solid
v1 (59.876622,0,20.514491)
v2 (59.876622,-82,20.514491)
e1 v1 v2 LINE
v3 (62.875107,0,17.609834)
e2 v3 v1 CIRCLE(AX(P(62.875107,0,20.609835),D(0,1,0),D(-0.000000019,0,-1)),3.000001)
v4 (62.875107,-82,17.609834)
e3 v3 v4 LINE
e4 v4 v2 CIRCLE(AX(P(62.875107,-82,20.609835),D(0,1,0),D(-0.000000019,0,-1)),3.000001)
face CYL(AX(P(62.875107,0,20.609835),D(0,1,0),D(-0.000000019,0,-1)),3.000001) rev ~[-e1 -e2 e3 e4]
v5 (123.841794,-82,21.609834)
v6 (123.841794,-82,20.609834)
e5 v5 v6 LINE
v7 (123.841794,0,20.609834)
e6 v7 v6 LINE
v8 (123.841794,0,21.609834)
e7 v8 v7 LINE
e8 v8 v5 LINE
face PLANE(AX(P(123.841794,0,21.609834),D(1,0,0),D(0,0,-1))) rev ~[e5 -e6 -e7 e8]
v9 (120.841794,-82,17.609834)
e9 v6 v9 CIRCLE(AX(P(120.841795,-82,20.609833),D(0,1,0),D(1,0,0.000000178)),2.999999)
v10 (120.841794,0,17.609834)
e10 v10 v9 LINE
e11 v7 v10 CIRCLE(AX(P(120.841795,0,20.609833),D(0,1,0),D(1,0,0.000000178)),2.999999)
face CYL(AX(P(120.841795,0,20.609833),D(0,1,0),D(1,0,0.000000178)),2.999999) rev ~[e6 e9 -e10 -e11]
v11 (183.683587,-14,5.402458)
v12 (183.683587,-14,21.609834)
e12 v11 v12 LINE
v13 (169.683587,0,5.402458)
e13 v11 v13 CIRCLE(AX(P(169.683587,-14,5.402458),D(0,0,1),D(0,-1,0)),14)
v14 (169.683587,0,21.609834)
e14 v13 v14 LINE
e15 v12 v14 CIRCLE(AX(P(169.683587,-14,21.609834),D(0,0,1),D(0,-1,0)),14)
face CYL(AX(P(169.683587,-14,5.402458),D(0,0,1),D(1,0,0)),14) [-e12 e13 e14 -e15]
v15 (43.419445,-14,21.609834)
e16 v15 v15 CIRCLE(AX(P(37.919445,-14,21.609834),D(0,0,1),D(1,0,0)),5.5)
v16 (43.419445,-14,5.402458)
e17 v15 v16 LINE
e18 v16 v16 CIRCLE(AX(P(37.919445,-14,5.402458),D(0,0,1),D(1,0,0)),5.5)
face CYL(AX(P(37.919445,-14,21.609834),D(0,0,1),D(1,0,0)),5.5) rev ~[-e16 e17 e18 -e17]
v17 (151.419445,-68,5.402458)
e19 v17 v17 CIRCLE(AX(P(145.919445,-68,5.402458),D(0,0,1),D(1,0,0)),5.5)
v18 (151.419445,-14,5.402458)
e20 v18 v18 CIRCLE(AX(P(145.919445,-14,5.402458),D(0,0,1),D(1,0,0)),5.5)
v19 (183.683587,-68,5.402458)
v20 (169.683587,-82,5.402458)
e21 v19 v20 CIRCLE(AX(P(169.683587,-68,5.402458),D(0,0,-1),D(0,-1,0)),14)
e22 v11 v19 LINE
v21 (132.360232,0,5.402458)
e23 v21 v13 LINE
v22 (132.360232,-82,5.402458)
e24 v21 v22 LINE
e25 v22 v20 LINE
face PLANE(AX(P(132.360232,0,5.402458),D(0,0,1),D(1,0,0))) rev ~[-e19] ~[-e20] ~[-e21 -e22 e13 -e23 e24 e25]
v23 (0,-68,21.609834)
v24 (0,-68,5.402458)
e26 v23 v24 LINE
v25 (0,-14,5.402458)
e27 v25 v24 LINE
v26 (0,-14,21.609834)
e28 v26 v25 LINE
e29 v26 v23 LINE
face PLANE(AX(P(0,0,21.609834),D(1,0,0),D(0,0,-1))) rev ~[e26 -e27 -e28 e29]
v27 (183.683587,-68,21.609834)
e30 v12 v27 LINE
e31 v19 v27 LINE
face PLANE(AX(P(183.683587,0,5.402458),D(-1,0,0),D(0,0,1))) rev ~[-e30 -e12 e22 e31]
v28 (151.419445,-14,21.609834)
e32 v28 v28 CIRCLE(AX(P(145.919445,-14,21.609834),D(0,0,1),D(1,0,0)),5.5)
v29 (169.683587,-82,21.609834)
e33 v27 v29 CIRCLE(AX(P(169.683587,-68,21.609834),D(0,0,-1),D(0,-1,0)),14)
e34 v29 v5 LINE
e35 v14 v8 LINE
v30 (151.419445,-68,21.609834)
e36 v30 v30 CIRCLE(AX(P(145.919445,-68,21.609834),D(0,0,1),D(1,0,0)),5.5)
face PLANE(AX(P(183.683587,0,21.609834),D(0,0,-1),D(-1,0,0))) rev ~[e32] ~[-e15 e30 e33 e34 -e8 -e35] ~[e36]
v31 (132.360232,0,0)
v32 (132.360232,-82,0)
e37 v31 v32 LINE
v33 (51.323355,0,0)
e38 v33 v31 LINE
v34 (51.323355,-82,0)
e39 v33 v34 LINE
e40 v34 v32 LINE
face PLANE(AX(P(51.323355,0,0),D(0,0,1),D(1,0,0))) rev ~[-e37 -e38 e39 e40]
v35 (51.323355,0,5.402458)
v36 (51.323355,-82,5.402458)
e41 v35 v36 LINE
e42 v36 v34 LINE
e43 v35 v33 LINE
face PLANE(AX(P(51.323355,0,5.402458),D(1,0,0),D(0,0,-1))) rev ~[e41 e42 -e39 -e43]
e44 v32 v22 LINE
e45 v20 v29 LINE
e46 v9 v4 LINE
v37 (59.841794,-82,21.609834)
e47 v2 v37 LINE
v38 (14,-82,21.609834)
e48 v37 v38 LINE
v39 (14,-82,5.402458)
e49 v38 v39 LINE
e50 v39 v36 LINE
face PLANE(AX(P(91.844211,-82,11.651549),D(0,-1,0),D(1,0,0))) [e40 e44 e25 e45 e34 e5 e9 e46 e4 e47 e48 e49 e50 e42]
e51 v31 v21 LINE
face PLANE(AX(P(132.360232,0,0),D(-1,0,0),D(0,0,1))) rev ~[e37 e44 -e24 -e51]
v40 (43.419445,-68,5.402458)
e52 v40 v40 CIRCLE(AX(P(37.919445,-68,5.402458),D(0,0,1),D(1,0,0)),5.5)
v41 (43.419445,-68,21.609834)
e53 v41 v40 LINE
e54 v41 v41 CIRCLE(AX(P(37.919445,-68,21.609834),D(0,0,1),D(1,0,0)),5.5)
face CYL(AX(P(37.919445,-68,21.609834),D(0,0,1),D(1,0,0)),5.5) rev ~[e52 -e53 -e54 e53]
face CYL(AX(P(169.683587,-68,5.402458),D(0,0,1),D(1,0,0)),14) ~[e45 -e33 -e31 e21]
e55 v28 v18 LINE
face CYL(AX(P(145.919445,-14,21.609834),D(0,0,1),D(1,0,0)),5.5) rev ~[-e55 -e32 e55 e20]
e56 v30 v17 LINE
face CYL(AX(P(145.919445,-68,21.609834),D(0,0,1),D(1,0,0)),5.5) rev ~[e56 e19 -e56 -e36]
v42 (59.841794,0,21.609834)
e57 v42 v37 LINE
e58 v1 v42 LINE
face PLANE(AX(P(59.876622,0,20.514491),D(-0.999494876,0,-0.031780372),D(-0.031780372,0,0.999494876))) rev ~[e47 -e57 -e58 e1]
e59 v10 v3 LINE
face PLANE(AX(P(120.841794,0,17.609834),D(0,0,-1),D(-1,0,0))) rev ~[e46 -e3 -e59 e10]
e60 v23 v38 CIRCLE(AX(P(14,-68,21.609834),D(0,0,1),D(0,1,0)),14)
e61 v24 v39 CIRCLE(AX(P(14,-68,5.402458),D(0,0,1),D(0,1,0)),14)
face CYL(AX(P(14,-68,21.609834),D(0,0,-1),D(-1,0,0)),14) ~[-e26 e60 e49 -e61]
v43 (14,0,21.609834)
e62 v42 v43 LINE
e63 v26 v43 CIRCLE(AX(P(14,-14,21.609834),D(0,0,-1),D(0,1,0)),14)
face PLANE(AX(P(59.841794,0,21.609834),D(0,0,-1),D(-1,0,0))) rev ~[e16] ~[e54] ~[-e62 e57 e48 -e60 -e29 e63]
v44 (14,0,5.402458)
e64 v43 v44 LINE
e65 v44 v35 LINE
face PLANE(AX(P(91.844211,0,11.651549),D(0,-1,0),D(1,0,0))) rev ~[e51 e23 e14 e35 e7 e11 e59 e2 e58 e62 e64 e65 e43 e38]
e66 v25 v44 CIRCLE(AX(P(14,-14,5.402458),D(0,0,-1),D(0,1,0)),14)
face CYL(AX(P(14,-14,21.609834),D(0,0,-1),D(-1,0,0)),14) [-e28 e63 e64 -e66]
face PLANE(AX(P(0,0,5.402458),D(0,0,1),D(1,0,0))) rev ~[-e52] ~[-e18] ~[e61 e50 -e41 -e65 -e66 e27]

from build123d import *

# Parameters (mm, degrees)
F1_DEPTH = 82
F2_R     = 14
F3_R     = 5.5
F4_DEPTH = 21.610834


with BuildPart() as f1:
    # F0 (on Front) → F1 (new body)
    with BuildSketch(Plane.XZ):
        with BuildLine():
            Line((0, 21.609834), (0, 5.402458))
            Line((0, 5.402458), (51.323355, 5.402458))
            Line((51.323355, 5.402458), (51.323355, 0))
            Line((51.323355, 0), (132.360232, 0))
            Line((132.360232, 0), (132.360232, 5.402458))
            Line((132.360232, 5.402458), (183.683587, 5.402458))
            Line((183.683587, 5.402458), (183.683587, 21.609834))
            Line((183.683587, 21.609834), (123.841794, 21.609834))
            Line((123.841794, 21.609834), (123.841794, 20.609834))
            ThreePointArc((123.841794, 20.609834), (122.963114, 18.488513), (120.841794, 17.609834))
            Line((120.841794, 17.609834), (62.875107, 17.609834))
            ThreePointArc((62.875107, 17.609834), (60.787768, 18.455068), (59.876622, 20.514491))
            Line((59.876622, 20.514491), (59.841794, 21.609834))
            Line((59.841794, 21.609834), (0, 21.609834))
        make_face()
    extrude(amount=F1_DEPTH)

    # F2
    f2_edges = [f1.edges().sort_by_distance(p)[0] for p in [
        (0, -82, 13.506146),
        (183.683587, -82, 13.506146),
        (183.683587, 0, 13.506146),
        (0, 0, 13.506146),
    ]]
    fillet(f2_edges, radius=F2_R)

    # F3 (on face) → F4 (cut, through all)
    with BuildSketch(Plane.XY.offset(21.609834)):
        with Locations((37.919445, -14)):
            Circle(F3_R)
        with Locations((145.919445, -14)):
            Circle(F3_R)
        with Locations((145.919445, -68)):
            Circle(F3_R)
        with Locations((37.919445, -68)):
            Circle(F3_R)
    extrude(amount=-F4_DEPTH, mode=Mode.SUBTRACT)


solid = f1.part
